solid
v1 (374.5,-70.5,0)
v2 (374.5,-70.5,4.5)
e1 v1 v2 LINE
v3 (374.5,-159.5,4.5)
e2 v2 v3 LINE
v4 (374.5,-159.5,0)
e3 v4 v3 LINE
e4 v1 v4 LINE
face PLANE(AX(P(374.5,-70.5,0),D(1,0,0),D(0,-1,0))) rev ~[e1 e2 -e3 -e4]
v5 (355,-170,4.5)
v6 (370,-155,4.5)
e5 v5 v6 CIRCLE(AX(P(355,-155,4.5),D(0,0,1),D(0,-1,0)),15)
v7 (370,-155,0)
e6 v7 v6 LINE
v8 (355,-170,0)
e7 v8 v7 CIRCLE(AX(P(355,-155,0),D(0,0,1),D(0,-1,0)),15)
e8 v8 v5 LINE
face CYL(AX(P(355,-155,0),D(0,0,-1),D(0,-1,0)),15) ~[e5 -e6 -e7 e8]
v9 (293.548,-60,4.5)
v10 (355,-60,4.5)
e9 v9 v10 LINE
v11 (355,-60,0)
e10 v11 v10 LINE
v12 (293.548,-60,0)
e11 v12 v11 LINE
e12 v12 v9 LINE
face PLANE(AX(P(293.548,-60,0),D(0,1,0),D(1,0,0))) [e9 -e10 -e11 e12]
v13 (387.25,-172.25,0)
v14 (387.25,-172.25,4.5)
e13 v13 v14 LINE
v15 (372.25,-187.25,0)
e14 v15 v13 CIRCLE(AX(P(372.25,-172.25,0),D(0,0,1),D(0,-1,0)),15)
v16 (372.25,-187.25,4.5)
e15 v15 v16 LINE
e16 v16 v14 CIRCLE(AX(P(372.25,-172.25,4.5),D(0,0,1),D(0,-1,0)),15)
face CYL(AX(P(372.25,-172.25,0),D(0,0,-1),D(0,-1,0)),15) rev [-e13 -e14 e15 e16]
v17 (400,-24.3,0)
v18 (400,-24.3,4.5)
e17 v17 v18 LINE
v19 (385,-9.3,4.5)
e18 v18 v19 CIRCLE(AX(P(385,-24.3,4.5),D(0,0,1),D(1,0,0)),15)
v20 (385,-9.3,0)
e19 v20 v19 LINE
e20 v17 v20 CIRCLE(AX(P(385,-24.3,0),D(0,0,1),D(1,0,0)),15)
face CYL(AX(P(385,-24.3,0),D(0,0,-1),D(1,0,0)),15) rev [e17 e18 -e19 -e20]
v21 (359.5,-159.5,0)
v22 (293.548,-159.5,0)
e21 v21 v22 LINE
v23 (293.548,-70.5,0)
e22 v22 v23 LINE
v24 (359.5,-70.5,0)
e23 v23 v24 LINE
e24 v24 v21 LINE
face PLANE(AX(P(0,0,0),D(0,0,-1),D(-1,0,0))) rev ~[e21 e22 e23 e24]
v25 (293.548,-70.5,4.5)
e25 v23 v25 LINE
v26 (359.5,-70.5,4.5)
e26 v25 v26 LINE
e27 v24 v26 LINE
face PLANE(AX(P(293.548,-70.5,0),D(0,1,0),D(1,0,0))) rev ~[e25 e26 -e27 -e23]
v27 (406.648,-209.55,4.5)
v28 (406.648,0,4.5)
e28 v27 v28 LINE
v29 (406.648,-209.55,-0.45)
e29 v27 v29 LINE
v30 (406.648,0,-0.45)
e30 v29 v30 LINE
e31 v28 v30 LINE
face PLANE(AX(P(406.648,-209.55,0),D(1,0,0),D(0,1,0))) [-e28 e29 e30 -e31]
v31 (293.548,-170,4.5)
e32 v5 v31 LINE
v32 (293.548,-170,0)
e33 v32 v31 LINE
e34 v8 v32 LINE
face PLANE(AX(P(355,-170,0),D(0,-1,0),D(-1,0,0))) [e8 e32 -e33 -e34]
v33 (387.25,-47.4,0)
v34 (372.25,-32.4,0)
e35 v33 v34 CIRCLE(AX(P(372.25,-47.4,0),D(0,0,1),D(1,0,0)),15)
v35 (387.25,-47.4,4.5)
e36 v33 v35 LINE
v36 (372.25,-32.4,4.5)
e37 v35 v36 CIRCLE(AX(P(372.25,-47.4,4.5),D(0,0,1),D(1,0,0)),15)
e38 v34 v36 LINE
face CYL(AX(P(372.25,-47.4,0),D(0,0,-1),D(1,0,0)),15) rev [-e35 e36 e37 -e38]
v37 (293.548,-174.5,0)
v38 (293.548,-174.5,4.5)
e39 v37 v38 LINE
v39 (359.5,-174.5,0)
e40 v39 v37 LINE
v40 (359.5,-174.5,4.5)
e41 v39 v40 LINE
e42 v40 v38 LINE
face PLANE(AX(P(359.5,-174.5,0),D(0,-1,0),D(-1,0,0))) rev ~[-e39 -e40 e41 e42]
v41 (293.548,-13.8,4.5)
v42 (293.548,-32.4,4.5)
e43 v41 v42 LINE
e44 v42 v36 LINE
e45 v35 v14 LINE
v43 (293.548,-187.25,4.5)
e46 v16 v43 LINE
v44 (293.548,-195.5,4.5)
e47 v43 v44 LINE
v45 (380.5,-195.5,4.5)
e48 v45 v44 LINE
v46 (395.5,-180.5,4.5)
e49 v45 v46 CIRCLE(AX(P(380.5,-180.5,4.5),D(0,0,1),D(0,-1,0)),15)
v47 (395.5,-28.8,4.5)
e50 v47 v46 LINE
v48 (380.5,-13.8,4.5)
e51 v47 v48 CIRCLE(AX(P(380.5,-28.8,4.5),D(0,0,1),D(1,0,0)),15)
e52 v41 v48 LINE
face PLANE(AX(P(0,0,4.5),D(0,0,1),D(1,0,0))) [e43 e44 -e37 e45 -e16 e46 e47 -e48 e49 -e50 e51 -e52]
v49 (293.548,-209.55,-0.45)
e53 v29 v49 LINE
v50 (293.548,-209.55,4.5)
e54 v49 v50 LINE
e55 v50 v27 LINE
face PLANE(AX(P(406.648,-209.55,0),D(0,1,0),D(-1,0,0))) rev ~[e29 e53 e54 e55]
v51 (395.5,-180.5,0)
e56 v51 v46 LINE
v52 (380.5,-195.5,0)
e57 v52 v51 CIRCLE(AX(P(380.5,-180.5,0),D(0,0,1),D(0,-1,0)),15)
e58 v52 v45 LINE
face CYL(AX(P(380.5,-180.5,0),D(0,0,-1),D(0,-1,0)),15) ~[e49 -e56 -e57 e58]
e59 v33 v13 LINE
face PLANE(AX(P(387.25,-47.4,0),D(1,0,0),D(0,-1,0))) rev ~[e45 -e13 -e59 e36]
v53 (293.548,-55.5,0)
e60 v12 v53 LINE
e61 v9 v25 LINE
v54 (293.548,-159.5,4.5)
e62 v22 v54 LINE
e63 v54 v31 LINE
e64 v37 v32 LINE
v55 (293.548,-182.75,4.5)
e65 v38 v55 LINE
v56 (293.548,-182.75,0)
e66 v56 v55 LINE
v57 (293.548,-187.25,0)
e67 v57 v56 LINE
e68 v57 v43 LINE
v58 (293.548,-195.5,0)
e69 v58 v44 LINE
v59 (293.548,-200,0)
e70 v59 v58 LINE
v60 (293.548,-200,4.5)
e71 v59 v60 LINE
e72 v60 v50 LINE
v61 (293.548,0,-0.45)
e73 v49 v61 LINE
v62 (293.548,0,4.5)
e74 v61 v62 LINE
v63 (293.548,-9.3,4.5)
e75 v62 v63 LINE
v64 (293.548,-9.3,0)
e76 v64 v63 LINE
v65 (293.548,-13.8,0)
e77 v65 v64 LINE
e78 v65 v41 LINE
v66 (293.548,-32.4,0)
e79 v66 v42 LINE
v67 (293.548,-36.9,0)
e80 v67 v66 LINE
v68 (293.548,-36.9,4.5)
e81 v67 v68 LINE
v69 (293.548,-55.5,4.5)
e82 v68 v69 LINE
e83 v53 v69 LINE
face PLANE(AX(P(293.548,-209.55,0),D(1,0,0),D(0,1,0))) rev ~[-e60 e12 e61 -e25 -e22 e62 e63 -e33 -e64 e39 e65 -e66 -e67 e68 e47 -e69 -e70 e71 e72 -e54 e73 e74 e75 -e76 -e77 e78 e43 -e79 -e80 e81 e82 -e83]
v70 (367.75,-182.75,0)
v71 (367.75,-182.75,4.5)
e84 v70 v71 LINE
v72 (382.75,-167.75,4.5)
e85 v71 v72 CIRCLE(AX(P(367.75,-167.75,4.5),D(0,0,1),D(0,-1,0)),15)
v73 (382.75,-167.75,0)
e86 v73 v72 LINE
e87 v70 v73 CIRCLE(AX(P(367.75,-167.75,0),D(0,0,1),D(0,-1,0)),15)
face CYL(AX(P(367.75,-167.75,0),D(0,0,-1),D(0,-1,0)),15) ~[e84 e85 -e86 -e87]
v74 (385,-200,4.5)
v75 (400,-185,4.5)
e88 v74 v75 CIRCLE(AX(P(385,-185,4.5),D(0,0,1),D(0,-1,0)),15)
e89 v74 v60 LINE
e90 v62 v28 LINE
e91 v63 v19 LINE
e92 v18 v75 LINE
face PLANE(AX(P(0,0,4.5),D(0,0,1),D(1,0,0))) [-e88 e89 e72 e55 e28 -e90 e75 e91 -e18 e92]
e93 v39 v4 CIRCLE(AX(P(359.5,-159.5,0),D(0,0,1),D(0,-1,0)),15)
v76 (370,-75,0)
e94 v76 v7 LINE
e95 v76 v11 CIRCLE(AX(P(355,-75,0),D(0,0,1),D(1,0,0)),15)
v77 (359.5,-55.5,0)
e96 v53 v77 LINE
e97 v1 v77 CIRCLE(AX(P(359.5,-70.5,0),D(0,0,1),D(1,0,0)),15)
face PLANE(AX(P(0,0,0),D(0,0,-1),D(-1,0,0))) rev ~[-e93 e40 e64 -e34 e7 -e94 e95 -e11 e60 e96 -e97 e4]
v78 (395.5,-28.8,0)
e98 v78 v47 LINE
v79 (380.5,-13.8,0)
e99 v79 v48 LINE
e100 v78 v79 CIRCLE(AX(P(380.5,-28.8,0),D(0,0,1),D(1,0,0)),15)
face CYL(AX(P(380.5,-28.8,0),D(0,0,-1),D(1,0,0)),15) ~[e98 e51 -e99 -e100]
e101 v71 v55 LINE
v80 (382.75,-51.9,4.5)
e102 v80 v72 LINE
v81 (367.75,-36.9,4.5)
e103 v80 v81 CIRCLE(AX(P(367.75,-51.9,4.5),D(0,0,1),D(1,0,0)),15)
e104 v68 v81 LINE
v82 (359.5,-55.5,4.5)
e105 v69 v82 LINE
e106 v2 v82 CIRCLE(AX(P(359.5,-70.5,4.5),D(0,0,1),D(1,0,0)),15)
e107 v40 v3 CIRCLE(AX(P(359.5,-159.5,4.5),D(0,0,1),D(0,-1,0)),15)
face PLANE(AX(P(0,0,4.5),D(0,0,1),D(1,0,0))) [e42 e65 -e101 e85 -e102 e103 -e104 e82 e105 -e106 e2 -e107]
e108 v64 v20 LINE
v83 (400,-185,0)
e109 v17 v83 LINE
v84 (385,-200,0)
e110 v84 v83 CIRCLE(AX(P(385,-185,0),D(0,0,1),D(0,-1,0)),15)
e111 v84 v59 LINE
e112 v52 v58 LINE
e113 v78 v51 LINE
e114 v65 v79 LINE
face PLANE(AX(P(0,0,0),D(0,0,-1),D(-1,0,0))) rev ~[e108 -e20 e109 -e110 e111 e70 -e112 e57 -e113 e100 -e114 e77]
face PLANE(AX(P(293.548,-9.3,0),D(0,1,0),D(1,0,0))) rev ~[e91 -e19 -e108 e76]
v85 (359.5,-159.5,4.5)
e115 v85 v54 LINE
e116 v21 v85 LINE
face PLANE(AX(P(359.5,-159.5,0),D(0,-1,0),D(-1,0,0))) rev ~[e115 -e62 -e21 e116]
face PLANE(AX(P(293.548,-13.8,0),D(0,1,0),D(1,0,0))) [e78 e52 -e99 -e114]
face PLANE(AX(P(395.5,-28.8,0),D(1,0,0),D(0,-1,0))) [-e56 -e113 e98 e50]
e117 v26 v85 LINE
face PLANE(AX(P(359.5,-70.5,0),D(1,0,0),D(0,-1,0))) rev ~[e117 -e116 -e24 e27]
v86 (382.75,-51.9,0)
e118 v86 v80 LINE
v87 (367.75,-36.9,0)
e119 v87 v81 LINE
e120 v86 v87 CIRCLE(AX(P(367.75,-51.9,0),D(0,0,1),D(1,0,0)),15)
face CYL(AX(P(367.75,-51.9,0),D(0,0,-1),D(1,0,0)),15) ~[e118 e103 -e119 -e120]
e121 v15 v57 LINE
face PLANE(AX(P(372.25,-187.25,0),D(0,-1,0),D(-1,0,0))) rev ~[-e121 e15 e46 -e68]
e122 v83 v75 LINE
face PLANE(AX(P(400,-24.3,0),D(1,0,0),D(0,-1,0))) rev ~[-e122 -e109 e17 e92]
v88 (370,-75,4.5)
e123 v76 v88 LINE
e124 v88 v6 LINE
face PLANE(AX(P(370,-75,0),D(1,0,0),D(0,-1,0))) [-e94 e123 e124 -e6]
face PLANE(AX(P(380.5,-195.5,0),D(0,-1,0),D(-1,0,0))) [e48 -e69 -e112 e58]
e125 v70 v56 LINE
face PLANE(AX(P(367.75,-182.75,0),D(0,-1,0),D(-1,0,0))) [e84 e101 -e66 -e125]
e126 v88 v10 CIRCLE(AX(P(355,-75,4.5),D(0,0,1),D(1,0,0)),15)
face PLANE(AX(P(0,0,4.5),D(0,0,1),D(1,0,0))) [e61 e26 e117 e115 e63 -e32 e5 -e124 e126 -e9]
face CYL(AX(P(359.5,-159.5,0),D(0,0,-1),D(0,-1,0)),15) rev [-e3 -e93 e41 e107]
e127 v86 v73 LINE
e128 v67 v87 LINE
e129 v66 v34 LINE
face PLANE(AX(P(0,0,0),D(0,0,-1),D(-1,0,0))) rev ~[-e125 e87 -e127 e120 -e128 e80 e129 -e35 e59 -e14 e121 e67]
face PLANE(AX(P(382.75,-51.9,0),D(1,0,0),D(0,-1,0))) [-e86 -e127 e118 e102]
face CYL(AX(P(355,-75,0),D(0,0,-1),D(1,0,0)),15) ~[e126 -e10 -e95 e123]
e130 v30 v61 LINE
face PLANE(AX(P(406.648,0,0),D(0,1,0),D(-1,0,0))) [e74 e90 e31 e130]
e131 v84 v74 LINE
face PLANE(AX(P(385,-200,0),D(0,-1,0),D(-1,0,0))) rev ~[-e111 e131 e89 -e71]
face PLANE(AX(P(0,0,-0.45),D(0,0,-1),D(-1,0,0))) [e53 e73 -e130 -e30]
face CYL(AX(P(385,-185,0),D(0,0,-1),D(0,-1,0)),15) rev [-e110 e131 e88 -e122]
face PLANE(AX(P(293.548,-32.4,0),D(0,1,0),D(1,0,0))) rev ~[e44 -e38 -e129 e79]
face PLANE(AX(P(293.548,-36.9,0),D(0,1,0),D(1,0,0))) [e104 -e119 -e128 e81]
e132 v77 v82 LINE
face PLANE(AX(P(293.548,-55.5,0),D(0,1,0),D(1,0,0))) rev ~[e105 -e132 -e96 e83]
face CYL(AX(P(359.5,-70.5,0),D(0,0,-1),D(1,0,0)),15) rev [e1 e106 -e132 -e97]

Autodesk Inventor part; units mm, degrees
ref_plane "YZ Plane" through (0, 0, 0) normal (1, 0, 0) x (0, 1, 0)
sketch "Sketch1" plane through (0, 0, 0) normal (0, 0, 1) x (1, 0, 0)
  line L0 (0, -9.3) -> (385, -9.3)
  line L1 (400, -24.3) -> (400, -185)
  line L2 (385, -200) -> (-400, -200)
  line L3 (-400, -200) -> (-400, -32.4)
  line L4 (0, -9.3) -> (0, -13.8)
  line L5 (0, -13.8) -> (380.5, -13.8)
  line L6 (395.5, -28.8) -> (395.5, -180.5)
  line L7 (380.5, -195.5) -> (-395.5, -195.5)
  line L8 (-400, -32.4) -> (372.25, -32.4)
  line L9 (387.25, -47.4) -> (387.25, -172.25)
  line L10 (372.25, -187.25) -> (-387.25, -187.25)
  line L11 (-395.5, -195.5) -> (-395.5, -36.9)
  line L12 (-395.5, -36.9) -> (367.75, -36.9)
  line L13 (382.75, -51.9) -> (382.75, -167.75)
  line L14 (367.75, -182.75) -> (-382.75, -182.75)
  line L15 (-382.75, -182.75) -> (-382.75, -60)
  line L16 (-387.25, -187.25) -> (-387.25, -55.5)
  line L17 (-387.25, -55.5) -> (359.5, -55.5)
  line L18 (374.5, -70.5) -> (374.5, -159.5)
  line L19 (-382.75, -60) -> (355, -60)
  line L20 (370, -75) -> (370, -155)
  line L21 (-561.3296, 0) -> (567.9776, 0) projected
  line L22 (355, -170) -> (-374.5, -170)
  line L23 (359.5, -174.5) -> (-374.5, -174.5)
  line L24 (-374.5, -174.5) -> (-374.5, -170)
  arc A0 (400, -24.3) -> (385, -9.3) centre (385, -24.3) ccw
  arc A1 (395.5, -28.8) -> (380.5, -13.8) centre (380.5, -28.8) ccw
  arc A2 (387.25, -47.4) -> (372.25, -32.4) centre (372.25, -47.4) ccw
  arc A3 (382.75, -51.9) -> (367.75, -36.9) centre (367.75, -51.9) ccw
  arc A4 (374.5, -70.5) -> (359.5, -55.5) centre (359.5, -70.5) ccw
  arc A5 (370, -75) -> (355, -60) centre (355, -75) ccw
  arc A6 (355, -170) -> (370, -155) centre (355, -155) ccw
  arc A7 (359.5, -174.5) -> (374.5, -159.5) centre (359.5, -159.5) ccw
  arc A8 (367.75, -182.75) -> (382.75, -167.75) centre (367.75, -167.75) ccw
  arc A9 (372.25, -187.25) -> (387.25, -172.25) centre (372.25, -172.25) ccw
  arc A10 (380.5, -195.5) -> (395.5, -180.5) centre (380.5, -180.5) ccw
  arc A11 (385, -200) -> (400, -185) centre (385, -185) ccw
  line L25 (406.648, 0) -> (293.548, 0)
  line L26 (293.548, 0) -> (293.548, -209.55)
  line L27 (293.548, -209.55) -> (406.648, -209.55)
  line L28 (406.648, -209.55) -> (406.648, 0)
  line L29 (293.548, -70.5) -> (359.5, -70.5)
  line L30 (359.5, -70.5) -> (359.5, -159.5)
  line L31 (359.5, -159.5) -> (293.548, -159.5)
  line L32 (293.548, -159.5) -> (293.548, -70.5)
  point P0 (0, 0)
  point P1 (400, -9.3)
  point P2 (400, -200)
  point P3 (395.5, -13.8)
  point P4 (395.5, -195.5)
  point P5 (387.25, -32.4)
  point P6 (387.25, -187.25)
  point P7 (382.75, -36.9)
  point P8 (382.75, -182.75)
  point P9 (374.5, -55.5)
  point P10 (374.5, -174.5)
  point P11 (370, -60)
  point P12 (370, -170)
  point P13 (0, 0)
  point P14 (293.548, -200)
  point P15 (293.548, 0)
  point P16 (293.548, -9.3)
  point P17 (293.548, -13.8)
  point P18 (293.548, -32.4)
  point P19 (293.548, -187.25)
  point P20 (293.548, -195.5)
  point P21 (293.548, -36.9)
  point P22 (293.548, -55.5)
  point P23 (293.548, -174.5)
  point P24 (293.548, -182.75)
  point P25 (293.548, -60)
  point P26 (293.548, -170)
  dimension "d1" = 4.5
  dimension "d2" = 4.5
  dimension "d3" = 4.5
  dimension "d4" = 9.3
  dimension "d5" = 800
  dimension "d6" = 400
  dimension "d7" = 4.5
  dimension "d8" = 4.5
  dimension "d9" = 8.25
  dimension "d10" = 4.5
  dimension "d11" = 18.6
  dimension "d12" = 4.5
  dimension "d13" = 8.25
  dimension "d14" = 4.5
  dimension "d15" = 4.5
  dimension "d16" = 4.5
  dimension "d17" = 8.25
  dimension "d19" = 18.6
  dimension "d20" = 8.25
  dimension "d82" = 200
  dimension "d88" = 4.5
  dimension "d89" = 8.25
  dimension "d90" = 8.25
  dimension "d91" = 15
  dimension "d100" = 113.1
  dimension "d101" = 209.55
extrude "Extrusion1" add sketch "Sketch1" along normal blind 4.5 contours L26 L21 L28 L27 L2 A11 L1 A0 L0 | L5 A1 L6 A10 L7 L26 L10 A9 L9 A2 L8 | L12 A3 L13 A8 L14 L26 L23 A7 L18 A4 L17 | L19 A5 L20 A6 L22 L26 L31 L30 L29
ref_plane "basePlane" through (0, 0, 0) normal (0, 0, -1) x (-1, 0, 0)
sketch "Sketch5" plane through (0, 0, 0) normal (0, 0, -1) x (-1, 0, 0)
  line L0 (-406.648, 0) -> (-293.548, 0) projected
  line L1 (-406.648, -209.55) -> (-406.648, 0) projected
  line L2 (-293.548, 0) -> (-406.648, 0)
  line L3 (-406.648, 0) -> (-406.648, -209.55)
  line L4 (-406.648, -209.55) -> (-293.548, -209.55)
  line L5 (-293.548, -209.55) -> (-293.548, 0)
  point P0 (0, 0)
extrude "Extrusion5" add sketch "Sketch5" along normal blind 0.45
equation "\"d1\" = wire_diameter"
equation "\"d2\" = wire_diameter"
equation "\"d3\" = wire_diameter"
equation "\"d4\" = 0.5 * distance_between_wires"
equation "\"d5\" = track_length"
equation "\"d6\" = 0.5 * track_length"
equation "\"d7\" = wire_diameter"
equation "\"d8\" = wire_diameter"
equation "\"d9\" = distance_between_wires_edge"
equation "\"d10\" = wire_diameter"
equation "\"d11\" = distance_between_wires"
equation "\"d12\" = wire_diameter"
equation "\"d13\" = distance_between_wires_edge"
equation "\"d14\" = wire_diameter"
equation "\"d15\" = wire_diameter"
equation "\"d16\" = wire_diameter"
equation "\"d17\" = distance_between_wires_edge"
equation "\"d19\" = distance_between_wires"
equation "\"d20\" = distance_between_wires_edge"
equation "\"d82\" = 0.5 * track_width"
equation "\"d22\" = wire_diameter"
equation "\"track_length\" = 800"
equation "\"wire_diameter\" = 4.5"
equation "\"distance_between_wires\" = -1.2 * wire_diameter + 0.2 * parameter_6"
equation "\"distance_between_wires_edge\" = 8.25"
equation "\"bend_radius\" = 15"
equation "\"track_width\" = 400"
equation "\"parameter_6\" = 120"
properties part number "coil_layer_1R1"
